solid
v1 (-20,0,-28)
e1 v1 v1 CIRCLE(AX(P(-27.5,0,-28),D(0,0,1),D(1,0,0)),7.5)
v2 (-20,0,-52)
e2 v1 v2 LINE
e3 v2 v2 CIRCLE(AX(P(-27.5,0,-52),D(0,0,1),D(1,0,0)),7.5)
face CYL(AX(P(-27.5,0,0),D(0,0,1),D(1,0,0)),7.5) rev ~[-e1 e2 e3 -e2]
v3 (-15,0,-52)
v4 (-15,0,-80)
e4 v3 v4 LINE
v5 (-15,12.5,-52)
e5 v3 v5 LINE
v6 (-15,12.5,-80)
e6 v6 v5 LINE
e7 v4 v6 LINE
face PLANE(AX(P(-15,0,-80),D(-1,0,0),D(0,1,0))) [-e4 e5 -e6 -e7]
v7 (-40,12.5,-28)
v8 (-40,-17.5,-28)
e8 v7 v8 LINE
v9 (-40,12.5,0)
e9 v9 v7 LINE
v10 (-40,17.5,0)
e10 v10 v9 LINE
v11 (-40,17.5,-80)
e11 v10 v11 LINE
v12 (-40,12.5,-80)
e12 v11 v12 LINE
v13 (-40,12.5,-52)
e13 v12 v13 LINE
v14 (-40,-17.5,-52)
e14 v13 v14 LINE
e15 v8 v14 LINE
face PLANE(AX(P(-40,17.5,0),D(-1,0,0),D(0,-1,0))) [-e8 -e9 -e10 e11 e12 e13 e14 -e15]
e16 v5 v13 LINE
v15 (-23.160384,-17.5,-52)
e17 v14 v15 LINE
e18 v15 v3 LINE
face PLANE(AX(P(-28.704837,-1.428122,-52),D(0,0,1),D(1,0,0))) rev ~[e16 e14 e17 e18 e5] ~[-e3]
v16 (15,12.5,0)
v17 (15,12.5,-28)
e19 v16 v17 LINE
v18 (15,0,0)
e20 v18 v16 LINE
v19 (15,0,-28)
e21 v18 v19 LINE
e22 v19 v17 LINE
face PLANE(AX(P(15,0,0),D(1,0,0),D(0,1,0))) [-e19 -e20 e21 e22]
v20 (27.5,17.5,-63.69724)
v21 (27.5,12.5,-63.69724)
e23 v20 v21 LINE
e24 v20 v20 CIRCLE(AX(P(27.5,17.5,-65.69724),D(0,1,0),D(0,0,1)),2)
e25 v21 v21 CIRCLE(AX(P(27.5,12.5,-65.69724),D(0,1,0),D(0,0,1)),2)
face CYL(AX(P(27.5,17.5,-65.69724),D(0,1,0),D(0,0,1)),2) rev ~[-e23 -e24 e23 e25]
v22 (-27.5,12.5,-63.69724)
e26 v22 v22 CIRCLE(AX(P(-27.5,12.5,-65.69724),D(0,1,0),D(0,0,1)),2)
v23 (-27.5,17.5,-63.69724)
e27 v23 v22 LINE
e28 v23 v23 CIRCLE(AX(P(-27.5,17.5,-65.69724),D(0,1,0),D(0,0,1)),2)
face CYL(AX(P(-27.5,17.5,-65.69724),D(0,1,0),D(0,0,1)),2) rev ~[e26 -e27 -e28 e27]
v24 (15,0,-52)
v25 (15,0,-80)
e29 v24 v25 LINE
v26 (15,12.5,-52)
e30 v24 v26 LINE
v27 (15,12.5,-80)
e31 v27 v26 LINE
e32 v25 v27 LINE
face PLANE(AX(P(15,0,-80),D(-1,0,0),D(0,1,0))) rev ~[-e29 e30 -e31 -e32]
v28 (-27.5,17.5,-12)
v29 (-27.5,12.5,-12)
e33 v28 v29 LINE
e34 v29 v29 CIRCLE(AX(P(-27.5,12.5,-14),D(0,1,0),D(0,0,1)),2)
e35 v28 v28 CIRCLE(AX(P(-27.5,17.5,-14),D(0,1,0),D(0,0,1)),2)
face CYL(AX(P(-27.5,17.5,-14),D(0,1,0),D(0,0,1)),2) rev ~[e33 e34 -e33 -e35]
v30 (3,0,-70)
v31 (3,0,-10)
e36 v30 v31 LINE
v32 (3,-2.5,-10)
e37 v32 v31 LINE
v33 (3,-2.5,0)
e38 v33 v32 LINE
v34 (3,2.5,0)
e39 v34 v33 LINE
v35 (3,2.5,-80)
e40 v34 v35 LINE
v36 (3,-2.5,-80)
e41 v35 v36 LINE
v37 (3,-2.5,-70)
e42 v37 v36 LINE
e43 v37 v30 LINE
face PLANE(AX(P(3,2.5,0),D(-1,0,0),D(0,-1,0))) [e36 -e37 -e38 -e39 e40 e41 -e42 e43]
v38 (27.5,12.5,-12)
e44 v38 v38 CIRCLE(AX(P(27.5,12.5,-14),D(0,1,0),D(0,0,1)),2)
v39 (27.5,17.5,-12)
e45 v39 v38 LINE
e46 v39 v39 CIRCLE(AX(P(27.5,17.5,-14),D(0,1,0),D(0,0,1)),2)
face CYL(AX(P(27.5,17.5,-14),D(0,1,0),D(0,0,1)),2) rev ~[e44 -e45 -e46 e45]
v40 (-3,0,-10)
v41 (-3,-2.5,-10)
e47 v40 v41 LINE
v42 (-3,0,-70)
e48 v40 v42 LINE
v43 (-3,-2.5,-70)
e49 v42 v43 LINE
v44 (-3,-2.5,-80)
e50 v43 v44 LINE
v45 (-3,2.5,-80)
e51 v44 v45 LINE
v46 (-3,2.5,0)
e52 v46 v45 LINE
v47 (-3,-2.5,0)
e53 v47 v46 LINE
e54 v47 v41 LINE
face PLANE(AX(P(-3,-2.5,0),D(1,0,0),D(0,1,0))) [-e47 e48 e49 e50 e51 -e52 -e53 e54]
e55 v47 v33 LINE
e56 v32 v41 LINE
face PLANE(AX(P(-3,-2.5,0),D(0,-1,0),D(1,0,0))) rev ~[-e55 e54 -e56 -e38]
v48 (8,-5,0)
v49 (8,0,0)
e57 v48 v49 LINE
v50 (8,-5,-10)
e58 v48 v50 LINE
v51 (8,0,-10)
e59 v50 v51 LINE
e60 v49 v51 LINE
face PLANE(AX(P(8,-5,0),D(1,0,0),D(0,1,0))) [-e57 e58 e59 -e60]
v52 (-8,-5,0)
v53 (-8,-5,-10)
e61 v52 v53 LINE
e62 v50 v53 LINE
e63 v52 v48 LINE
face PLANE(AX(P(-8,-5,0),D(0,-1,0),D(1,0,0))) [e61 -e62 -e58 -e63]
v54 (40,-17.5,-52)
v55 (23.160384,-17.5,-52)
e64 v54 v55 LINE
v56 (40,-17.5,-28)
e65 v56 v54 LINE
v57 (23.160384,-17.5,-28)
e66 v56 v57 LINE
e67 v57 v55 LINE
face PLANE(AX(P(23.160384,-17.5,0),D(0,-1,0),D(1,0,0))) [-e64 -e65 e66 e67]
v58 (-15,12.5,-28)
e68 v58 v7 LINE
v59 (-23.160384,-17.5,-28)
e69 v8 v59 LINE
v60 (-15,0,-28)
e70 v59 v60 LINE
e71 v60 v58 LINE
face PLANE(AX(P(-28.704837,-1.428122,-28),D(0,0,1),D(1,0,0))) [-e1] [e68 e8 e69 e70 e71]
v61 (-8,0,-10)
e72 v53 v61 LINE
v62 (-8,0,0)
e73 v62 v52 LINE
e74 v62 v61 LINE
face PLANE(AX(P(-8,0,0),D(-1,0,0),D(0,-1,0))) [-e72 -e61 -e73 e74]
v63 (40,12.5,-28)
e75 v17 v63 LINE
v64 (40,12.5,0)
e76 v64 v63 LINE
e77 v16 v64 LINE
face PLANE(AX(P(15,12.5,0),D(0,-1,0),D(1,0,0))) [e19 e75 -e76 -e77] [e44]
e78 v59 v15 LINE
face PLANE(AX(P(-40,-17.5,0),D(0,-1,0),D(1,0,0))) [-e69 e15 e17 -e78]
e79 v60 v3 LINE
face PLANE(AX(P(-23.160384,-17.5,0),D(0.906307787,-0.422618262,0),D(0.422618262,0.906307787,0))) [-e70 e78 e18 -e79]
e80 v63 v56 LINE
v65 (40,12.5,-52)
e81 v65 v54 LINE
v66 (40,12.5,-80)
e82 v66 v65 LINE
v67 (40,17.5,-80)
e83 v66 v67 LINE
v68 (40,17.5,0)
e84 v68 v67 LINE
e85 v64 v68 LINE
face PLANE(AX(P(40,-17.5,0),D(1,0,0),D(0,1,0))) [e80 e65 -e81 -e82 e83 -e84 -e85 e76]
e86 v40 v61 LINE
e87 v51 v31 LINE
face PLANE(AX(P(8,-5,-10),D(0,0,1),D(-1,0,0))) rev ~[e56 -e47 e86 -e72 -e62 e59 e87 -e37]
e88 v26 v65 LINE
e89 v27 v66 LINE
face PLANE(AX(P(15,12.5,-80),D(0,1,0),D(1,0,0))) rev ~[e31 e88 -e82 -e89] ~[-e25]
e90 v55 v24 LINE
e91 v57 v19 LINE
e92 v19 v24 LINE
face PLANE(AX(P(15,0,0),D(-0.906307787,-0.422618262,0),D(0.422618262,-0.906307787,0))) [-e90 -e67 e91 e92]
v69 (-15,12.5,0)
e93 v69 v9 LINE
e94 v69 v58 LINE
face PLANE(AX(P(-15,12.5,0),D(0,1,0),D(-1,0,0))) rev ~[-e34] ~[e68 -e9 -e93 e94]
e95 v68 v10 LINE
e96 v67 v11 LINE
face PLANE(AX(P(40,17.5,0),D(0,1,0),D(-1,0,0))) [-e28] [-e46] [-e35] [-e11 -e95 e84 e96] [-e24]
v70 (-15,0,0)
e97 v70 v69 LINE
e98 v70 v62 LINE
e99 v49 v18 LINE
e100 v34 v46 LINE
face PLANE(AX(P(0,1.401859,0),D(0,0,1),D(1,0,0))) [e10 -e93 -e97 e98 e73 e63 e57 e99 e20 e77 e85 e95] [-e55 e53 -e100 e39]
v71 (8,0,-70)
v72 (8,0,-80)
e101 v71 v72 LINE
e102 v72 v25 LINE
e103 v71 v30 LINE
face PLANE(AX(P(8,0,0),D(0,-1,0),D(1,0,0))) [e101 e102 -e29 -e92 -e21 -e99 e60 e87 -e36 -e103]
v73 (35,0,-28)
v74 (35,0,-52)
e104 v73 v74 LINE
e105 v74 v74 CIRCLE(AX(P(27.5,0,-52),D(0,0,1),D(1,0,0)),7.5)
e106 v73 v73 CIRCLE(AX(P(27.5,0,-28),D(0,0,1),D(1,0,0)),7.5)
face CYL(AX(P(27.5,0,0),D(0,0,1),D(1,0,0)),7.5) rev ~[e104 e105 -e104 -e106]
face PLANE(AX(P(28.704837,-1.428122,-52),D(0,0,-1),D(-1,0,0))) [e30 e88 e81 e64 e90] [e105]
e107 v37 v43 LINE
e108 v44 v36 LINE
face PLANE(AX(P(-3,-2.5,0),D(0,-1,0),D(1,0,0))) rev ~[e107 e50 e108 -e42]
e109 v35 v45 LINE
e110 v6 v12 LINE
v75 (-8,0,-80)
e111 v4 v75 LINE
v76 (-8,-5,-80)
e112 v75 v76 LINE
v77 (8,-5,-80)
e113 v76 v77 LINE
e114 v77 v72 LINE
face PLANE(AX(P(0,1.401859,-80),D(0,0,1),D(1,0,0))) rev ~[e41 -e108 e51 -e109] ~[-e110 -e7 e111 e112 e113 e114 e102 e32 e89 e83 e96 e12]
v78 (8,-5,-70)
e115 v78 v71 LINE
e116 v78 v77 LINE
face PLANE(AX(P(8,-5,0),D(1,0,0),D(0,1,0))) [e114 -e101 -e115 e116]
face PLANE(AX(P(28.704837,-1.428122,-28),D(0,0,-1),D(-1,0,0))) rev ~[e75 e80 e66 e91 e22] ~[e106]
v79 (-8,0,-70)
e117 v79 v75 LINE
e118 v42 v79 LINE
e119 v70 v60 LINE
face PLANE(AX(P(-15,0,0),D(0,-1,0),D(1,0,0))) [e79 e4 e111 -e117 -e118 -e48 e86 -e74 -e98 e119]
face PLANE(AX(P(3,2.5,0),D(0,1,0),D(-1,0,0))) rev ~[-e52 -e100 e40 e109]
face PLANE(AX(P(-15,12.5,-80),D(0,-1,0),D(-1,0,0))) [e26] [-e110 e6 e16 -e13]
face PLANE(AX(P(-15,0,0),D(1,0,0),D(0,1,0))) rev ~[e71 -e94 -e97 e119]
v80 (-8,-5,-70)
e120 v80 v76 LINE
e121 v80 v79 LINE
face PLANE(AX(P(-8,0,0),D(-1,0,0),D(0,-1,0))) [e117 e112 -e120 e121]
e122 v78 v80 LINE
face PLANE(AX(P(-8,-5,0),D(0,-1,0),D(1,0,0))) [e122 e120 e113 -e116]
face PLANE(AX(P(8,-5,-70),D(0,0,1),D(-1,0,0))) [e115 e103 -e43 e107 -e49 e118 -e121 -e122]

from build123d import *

# Parameters (mm, degrees)
SKETCH2_R           = 7.5
BOSS_EXTRUDE2_DEPTH = 80
SKETCH5_W           = 16
SKETCH5_H           = 60
CUT_EXTRUDE5_DEPTH  = 5
CUT_EXTRUDE6_DEPTH  = 28
CUT_EXTRUDE7_DEPTH  = 28
SKETCH8_R           = 2
CUT_EXTRUDE8_DEPTH  = 5


with BuildPart() as part:
    # Sketch2 → Boss-Extrude2 (new body)
    with BuildSketch(Plane.XY):
        Polygon((8, 0), (15, 0), (23.160384018, -17.5), (40, -17.5), (40, 17.5), (0, 17.5), (-40, 17.5), (-40, -17.5), (-23.160384018, -17.5), (-15, 0), (-8, 0), (-8, -5), (8, -5), align=None)
        with Locations((-27.5, 0)):
            Circle(SKETCH2_R, mode=Mode.SUBTRACT)
        with Locations((27.5, 0)):
            Circle(SKETCH2_R, mode=Mode.SUBTRACT)
        Polygon((-3, 0), (-3, -2.5), (3, -2.5), (3, 0), (3, 2.5), (-3, 2.5), align=None, mode=Mode.SUBTRACT)
    extrude(amount=-BOSS_EXTRUDE2_DEPTH)

    # Sketch5 → Cut-Extrude5 (cut)
    with BuildSketch(Plane(origin=(0, -5, 0), x_dir=(-1, 0, 0), z_dir=(0, -1, 0))):
        with Locations((0, 40)):
            Rectangle(SKETCH5_W, SKETCH5_H)
    extrude(amount=-CUT_EXTRUDE5_DEPTH, mode=Mode.SUBTRACT)

    # Sketch6 → Cut-Extrude6 (cut)
    with BuildSketch(Plane.XY):
        Polygon((-40, 12.5), (-40, -17.5), (-23.160384018, -17.5), (-15, 0), (-15, 12.5), align=None)
        Polygon((40, 12.5), (40, -17.5), (23.160384018, -17.5), (15, 0), (15, 12.5), align=None)
    extrude(amount=-CUT_EXTRUDE6_DEPTH, mode=Mode.SUBTRACT)

    # Sketch7 → Cut-Extrude7 (cut)
    with BuildSketch(Plane(origin=(0, 0, -80), x_dir=(-1, 0, 0), z_dir=(0, 0, -1))):
        Polygon((-40, 12.5), (-40, -17.5), (-23.160384018, -17.5), (-15, 0), (-15, 12.5), align=None)
        Polygon((40, 12.5), (40, -17.5), (23.160384018, -17.5), (15, 0), (15, 12.5), align=None)
    extrude(amount=-CUT_EXTRUDE7_DEPTH, mode=Mode.SUBTRACT)

    # Sketch8 → Cut-Extrude8 (cut)
    with BuildSketch(Plane(origin=(0, 17.5, 0), x_dir=(1, 0, 0), z_dir=(0, 1, 0))):
        with Locations(Location((27.5, 14, 0), (0, 0, 270))):
            Circle(SKETCH8_R)
        with Locations(Location((-27.5, 14, 0), (0, 0, 270))):
            Circle(SKETCH8_R)
        with Locations(Location((-27.5, 65.697240355, 0), (0, 0, 270))):
            Circle(SKETCH8_R)
        with Locations(Location((27.5, 65.697240355, 0), (0, 0, 270))):
            Circle(SKETCH8_R)
    extrude(amount=-CUT_EXTRUDE8_DEPTH, mode=Mode.SUBTRACT)


solid = part.part
